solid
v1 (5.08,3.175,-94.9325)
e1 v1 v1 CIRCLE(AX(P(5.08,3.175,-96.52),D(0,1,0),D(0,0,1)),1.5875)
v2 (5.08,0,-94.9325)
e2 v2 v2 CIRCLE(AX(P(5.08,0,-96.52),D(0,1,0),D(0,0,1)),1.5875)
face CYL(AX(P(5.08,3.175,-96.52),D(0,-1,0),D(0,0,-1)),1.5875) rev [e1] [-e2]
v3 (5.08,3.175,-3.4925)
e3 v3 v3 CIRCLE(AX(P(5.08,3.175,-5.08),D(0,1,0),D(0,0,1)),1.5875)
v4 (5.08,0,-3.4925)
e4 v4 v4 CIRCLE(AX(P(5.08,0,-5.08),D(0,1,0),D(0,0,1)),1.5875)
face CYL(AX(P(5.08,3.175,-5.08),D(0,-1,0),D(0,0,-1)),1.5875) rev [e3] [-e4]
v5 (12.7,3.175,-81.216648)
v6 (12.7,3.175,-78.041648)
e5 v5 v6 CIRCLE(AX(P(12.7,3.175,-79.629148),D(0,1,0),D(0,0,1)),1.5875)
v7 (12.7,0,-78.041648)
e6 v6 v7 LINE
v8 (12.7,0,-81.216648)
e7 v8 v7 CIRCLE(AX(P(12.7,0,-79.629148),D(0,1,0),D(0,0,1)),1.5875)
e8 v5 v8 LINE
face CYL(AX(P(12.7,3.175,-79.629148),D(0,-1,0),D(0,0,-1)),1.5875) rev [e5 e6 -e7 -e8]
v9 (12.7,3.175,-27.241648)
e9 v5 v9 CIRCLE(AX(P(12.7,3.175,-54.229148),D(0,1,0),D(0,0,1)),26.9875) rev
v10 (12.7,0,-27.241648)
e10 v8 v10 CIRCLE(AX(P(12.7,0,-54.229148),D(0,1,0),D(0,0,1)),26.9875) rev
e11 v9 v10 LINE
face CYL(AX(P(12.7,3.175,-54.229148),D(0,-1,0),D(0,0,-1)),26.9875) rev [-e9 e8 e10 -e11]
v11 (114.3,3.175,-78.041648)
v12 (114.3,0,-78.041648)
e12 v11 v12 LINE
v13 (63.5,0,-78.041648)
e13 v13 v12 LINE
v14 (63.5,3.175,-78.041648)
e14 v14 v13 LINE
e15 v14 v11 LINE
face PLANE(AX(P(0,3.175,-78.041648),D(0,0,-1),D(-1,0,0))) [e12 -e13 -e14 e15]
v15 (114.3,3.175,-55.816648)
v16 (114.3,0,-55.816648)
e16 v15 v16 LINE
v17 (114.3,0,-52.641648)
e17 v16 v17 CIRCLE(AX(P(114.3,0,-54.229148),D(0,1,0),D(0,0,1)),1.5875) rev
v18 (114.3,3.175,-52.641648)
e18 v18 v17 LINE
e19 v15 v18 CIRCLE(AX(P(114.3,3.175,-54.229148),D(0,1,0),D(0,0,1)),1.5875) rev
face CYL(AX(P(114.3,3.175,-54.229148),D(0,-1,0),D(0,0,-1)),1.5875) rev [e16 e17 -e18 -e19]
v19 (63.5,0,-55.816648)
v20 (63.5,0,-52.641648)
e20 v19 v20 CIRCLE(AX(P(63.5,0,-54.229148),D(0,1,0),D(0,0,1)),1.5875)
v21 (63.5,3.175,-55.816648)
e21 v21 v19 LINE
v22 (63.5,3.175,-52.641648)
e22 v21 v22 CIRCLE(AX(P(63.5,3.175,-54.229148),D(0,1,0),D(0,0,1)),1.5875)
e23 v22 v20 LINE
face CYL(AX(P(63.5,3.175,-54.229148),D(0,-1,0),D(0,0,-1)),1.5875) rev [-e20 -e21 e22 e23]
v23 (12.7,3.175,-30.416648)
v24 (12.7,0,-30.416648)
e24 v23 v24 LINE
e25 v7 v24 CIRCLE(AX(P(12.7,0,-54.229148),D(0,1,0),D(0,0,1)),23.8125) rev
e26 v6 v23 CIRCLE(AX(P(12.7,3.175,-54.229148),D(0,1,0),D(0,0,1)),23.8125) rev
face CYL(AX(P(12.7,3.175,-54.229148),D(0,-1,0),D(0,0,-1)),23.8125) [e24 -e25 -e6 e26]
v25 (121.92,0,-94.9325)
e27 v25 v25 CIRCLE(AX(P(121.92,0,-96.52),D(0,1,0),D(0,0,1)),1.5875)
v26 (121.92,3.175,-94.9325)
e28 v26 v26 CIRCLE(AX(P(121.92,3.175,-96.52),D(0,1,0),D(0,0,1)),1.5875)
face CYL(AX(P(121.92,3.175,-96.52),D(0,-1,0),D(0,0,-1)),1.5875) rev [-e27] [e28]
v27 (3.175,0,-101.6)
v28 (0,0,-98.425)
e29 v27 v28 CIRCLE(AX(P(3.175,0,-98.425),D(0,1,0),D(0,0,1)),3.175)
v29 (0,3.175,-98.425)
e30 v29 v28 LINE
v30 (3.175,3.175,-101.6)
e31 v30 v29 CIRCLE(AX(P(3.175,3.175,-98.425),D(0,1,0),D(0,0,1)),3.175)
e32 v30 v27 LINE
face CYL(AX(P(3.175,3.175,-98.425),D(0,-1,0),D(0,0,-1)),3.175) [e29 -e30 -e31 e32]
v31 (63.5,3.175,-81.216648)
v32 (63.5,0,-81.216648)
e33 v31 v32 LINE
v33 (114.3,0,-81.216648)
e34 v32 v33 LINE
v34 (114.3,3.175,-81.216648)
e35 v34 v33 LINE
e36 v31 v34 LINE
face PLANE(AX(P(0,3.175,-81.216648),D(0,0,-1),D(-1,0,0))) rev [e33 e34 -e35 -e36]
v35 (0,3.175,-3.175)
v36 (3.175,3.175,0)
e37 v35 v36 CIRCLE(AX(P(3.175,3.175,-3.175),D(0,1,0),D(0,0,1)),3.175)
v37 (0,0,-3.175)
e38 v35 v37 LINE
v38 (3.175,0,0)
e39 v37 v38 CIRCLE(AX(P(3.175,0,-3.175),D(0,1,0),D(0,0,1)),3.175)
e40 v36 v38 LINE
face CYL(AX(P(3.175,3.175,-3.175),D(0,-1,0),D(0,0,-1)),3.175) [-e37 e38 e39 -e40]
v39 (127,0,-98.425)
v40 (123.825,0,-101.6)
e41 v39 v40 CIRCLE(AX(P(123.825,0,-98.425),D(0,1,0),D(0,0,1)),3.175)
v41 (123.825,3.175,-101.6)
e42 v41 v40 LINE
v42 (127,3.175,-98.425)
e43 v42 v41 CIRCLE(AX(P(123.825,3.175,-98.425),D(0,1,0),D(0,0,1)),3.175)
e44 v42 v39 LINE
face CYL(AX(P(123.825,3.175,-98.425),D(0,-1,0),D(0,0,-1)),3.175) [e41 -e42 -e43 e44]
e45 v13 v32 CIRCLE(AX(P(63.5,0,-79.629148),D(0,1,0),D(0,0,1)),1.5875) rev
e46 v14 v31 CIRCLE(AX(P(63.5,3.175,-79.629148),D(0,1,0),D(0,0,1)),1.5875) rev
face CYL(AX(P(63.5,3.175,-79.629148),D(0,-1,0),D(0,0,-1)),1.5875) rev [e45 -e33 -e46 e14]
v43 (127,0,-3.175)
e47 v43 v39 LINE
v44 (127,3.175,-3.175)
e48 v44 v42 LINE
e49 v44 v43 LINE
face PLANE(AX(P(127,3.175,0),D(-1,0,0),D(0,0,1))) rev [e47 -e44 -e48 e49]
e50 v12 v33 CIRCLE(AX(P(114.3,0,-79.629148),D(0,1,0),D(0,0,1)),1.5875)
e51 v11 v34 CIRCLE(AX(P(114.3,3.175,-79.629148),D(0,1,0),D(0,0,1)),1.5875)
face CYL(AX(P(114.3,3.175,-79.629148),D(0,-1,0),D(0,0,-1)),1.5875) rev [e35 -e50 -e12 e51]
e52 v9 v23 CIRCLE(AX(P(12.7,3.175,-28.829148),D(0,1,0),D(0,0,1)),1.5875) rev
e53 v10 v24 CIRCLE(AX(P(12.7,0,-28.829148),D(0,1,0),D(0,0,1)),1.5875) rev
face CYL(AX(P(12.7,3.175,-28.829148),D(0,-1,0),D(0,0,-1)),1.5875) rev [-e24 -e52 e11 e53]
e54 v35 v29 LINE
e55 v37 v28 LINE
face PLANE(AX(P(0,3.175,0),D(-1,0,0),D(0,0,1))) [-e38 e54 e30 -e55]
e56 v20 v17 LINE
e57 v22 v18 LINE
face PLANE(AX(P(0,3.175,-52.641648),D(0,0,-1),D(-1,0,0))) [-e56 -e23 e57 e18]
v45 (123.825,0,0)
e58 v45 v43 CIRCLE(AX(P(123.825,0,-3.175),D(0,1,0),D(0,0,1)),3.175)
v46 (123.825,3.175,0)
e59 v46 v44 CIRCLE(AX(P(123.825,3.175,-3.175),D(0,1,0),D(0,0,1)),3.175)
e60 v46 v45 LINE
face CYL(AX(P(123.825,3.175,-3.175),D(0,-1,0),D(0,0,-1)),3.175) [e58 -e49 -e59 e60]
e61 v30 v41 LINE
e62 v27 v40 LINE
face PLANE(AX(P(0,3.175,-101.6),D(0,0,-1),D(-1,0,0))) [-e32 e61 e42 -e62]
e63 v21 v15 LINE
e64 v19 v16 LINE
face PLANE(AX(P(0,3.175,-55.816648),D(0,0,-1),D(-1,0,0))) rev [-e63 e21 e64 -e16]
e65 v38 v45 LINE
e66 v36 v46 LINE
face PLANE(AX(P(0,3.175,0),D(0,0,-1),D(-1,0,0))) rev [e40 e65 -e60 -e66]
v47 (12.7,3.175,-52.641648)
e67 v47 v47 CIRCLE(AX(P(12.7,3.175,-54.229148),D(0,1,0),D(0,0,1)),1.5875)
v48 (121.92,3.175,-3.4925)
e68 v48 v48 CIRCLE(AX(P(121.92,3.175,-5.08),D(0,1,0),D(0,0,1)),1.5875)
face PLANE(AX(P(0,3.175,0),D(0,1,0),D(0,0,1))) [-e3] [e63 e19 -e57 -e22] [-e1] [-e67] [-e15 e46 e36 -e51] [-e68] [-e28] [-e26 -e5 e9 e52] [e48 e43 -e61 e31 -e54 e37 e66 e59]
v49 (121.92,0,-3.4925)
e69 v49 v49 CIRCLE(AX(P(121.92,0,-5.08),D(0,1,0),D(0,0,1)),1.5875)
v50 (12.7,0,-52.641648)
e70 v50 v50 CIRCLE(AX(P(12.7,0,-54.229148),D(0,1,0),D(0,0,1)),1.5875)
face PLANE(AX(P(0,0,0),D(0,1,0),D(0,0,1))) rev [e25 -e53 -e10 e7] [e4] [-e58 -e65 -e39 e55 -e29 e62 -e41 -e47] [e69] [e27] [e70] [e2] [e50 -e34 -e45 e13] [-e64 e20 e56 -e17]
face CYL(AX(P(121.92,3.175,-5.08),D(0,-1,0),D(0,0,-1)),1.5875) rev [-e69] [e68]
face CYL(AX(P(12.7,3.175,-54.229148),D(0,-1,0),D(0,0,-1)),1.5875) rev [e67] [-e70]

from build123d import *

# Parameters (mm, degrees)
SKETCH1_R           = 1.5875
BOSS_EXTRUDE1_DEPTH = 3.175


with BuildPart() as part:
    # Sketch1 → Boss-Extrude1 (new body)
    with BuildSketch(Plane(origin=(0, 0, 0), x_dir=(1, 0, 0), z_dir=(0, 1, 0))):
        with BuildLine():
            Line((3.175, 0), (123.825, 0))
            ThreePointArc((123.825, 0), (126.07006403, 0.92993597), (127, 3.175))
            Line((127, 3.175), (127, 98.425))
            ThreePointArc((127, 98.425), (126.07006403, 100.67006403), (123.825, 101.6))
            Line((123.825, 101.6), (3.175, 101.6))
            ThreePointArc((3.175, 101.6), (0.92993597, 100.67006403), (0, 98.425))
            Line((0, 98.425), (0, 3.175))
            ThreePointArc((0, 3.175), (0.92993597, 0.92993597), (3.175, 0))
        make_face()
        with Locations((12.7, 54.229148011)):
            Circle(SKETCH1_R, mode=Mode.SUBTRACT)
        with Locations((5.08, 96.52)):
            Circle(SKETCH1_R, mode=Mode.SUBTRACT)
        with Locations((5.08, 5.08)):
            Circle(SKETCH1_R, mode=Mode.SUBTRACT)
        with Locations((121.92, 96.52)):
            Circle(SKETCH1_R, mode=Mode.SUBTRACT)
        with Locations((121.92, 5.08)):
            Circle(SKETCH1_R, mode=Mode.SUBTRACT)
        with BuildLine():
            Line((63.5, 81.216648011), (114.3, 81.216648011))
            ThreePointArc((114.3, 81.216648011), (115.8875, 79.629148011), (114.3, 78.041648011))
            Line((114.3, 78.041648011), (63.5, 78.041648011))
            ThreePointArc((63.5, 78.041648011), (61.9125, 79.629148011), (63.5, 81.216648011))
        make_face(mode=Mode.SUBTRACT)
        with BuildLine():
            Line((63.5, 55.816648011), (114.3, 55.816648011))
            ThreePointArc((114.3, 55.816648011), (115.8875, 54.229148011), (114.3, 52.641648011))
            Line((114.3, 52.641648011), (63.5, 52.641648011))
            ThreePointArc((63.5, 52.641648011), (61.9125, 54.229148011), (63.5, 55.816648011))
        make_face(mode=Mode.SUBTRACT)
        with BuildLine():
            ThreePointArc((12.7, 78.041648011), (36.5125, 54.229148011), (12.7, 30.416648011))
            ThreePointArc((12.7, 30.416648011), (11.1125, 28.829148011), (12.7, 27.241648011))
            ThreePointArc((12.7, 27.241648011), (39.6875, 54.229148011), (12.7, 81.216648011))
            ThreePointArc((12.7, 81.216648011), (11.1125, 79.629148011), (12.7, 78.041648011))
        make_face(mode=Mode.SUBTRACT)
    extrude(amount=BOSS_EXTRUDE1_DEPTH)


solid = part.part
